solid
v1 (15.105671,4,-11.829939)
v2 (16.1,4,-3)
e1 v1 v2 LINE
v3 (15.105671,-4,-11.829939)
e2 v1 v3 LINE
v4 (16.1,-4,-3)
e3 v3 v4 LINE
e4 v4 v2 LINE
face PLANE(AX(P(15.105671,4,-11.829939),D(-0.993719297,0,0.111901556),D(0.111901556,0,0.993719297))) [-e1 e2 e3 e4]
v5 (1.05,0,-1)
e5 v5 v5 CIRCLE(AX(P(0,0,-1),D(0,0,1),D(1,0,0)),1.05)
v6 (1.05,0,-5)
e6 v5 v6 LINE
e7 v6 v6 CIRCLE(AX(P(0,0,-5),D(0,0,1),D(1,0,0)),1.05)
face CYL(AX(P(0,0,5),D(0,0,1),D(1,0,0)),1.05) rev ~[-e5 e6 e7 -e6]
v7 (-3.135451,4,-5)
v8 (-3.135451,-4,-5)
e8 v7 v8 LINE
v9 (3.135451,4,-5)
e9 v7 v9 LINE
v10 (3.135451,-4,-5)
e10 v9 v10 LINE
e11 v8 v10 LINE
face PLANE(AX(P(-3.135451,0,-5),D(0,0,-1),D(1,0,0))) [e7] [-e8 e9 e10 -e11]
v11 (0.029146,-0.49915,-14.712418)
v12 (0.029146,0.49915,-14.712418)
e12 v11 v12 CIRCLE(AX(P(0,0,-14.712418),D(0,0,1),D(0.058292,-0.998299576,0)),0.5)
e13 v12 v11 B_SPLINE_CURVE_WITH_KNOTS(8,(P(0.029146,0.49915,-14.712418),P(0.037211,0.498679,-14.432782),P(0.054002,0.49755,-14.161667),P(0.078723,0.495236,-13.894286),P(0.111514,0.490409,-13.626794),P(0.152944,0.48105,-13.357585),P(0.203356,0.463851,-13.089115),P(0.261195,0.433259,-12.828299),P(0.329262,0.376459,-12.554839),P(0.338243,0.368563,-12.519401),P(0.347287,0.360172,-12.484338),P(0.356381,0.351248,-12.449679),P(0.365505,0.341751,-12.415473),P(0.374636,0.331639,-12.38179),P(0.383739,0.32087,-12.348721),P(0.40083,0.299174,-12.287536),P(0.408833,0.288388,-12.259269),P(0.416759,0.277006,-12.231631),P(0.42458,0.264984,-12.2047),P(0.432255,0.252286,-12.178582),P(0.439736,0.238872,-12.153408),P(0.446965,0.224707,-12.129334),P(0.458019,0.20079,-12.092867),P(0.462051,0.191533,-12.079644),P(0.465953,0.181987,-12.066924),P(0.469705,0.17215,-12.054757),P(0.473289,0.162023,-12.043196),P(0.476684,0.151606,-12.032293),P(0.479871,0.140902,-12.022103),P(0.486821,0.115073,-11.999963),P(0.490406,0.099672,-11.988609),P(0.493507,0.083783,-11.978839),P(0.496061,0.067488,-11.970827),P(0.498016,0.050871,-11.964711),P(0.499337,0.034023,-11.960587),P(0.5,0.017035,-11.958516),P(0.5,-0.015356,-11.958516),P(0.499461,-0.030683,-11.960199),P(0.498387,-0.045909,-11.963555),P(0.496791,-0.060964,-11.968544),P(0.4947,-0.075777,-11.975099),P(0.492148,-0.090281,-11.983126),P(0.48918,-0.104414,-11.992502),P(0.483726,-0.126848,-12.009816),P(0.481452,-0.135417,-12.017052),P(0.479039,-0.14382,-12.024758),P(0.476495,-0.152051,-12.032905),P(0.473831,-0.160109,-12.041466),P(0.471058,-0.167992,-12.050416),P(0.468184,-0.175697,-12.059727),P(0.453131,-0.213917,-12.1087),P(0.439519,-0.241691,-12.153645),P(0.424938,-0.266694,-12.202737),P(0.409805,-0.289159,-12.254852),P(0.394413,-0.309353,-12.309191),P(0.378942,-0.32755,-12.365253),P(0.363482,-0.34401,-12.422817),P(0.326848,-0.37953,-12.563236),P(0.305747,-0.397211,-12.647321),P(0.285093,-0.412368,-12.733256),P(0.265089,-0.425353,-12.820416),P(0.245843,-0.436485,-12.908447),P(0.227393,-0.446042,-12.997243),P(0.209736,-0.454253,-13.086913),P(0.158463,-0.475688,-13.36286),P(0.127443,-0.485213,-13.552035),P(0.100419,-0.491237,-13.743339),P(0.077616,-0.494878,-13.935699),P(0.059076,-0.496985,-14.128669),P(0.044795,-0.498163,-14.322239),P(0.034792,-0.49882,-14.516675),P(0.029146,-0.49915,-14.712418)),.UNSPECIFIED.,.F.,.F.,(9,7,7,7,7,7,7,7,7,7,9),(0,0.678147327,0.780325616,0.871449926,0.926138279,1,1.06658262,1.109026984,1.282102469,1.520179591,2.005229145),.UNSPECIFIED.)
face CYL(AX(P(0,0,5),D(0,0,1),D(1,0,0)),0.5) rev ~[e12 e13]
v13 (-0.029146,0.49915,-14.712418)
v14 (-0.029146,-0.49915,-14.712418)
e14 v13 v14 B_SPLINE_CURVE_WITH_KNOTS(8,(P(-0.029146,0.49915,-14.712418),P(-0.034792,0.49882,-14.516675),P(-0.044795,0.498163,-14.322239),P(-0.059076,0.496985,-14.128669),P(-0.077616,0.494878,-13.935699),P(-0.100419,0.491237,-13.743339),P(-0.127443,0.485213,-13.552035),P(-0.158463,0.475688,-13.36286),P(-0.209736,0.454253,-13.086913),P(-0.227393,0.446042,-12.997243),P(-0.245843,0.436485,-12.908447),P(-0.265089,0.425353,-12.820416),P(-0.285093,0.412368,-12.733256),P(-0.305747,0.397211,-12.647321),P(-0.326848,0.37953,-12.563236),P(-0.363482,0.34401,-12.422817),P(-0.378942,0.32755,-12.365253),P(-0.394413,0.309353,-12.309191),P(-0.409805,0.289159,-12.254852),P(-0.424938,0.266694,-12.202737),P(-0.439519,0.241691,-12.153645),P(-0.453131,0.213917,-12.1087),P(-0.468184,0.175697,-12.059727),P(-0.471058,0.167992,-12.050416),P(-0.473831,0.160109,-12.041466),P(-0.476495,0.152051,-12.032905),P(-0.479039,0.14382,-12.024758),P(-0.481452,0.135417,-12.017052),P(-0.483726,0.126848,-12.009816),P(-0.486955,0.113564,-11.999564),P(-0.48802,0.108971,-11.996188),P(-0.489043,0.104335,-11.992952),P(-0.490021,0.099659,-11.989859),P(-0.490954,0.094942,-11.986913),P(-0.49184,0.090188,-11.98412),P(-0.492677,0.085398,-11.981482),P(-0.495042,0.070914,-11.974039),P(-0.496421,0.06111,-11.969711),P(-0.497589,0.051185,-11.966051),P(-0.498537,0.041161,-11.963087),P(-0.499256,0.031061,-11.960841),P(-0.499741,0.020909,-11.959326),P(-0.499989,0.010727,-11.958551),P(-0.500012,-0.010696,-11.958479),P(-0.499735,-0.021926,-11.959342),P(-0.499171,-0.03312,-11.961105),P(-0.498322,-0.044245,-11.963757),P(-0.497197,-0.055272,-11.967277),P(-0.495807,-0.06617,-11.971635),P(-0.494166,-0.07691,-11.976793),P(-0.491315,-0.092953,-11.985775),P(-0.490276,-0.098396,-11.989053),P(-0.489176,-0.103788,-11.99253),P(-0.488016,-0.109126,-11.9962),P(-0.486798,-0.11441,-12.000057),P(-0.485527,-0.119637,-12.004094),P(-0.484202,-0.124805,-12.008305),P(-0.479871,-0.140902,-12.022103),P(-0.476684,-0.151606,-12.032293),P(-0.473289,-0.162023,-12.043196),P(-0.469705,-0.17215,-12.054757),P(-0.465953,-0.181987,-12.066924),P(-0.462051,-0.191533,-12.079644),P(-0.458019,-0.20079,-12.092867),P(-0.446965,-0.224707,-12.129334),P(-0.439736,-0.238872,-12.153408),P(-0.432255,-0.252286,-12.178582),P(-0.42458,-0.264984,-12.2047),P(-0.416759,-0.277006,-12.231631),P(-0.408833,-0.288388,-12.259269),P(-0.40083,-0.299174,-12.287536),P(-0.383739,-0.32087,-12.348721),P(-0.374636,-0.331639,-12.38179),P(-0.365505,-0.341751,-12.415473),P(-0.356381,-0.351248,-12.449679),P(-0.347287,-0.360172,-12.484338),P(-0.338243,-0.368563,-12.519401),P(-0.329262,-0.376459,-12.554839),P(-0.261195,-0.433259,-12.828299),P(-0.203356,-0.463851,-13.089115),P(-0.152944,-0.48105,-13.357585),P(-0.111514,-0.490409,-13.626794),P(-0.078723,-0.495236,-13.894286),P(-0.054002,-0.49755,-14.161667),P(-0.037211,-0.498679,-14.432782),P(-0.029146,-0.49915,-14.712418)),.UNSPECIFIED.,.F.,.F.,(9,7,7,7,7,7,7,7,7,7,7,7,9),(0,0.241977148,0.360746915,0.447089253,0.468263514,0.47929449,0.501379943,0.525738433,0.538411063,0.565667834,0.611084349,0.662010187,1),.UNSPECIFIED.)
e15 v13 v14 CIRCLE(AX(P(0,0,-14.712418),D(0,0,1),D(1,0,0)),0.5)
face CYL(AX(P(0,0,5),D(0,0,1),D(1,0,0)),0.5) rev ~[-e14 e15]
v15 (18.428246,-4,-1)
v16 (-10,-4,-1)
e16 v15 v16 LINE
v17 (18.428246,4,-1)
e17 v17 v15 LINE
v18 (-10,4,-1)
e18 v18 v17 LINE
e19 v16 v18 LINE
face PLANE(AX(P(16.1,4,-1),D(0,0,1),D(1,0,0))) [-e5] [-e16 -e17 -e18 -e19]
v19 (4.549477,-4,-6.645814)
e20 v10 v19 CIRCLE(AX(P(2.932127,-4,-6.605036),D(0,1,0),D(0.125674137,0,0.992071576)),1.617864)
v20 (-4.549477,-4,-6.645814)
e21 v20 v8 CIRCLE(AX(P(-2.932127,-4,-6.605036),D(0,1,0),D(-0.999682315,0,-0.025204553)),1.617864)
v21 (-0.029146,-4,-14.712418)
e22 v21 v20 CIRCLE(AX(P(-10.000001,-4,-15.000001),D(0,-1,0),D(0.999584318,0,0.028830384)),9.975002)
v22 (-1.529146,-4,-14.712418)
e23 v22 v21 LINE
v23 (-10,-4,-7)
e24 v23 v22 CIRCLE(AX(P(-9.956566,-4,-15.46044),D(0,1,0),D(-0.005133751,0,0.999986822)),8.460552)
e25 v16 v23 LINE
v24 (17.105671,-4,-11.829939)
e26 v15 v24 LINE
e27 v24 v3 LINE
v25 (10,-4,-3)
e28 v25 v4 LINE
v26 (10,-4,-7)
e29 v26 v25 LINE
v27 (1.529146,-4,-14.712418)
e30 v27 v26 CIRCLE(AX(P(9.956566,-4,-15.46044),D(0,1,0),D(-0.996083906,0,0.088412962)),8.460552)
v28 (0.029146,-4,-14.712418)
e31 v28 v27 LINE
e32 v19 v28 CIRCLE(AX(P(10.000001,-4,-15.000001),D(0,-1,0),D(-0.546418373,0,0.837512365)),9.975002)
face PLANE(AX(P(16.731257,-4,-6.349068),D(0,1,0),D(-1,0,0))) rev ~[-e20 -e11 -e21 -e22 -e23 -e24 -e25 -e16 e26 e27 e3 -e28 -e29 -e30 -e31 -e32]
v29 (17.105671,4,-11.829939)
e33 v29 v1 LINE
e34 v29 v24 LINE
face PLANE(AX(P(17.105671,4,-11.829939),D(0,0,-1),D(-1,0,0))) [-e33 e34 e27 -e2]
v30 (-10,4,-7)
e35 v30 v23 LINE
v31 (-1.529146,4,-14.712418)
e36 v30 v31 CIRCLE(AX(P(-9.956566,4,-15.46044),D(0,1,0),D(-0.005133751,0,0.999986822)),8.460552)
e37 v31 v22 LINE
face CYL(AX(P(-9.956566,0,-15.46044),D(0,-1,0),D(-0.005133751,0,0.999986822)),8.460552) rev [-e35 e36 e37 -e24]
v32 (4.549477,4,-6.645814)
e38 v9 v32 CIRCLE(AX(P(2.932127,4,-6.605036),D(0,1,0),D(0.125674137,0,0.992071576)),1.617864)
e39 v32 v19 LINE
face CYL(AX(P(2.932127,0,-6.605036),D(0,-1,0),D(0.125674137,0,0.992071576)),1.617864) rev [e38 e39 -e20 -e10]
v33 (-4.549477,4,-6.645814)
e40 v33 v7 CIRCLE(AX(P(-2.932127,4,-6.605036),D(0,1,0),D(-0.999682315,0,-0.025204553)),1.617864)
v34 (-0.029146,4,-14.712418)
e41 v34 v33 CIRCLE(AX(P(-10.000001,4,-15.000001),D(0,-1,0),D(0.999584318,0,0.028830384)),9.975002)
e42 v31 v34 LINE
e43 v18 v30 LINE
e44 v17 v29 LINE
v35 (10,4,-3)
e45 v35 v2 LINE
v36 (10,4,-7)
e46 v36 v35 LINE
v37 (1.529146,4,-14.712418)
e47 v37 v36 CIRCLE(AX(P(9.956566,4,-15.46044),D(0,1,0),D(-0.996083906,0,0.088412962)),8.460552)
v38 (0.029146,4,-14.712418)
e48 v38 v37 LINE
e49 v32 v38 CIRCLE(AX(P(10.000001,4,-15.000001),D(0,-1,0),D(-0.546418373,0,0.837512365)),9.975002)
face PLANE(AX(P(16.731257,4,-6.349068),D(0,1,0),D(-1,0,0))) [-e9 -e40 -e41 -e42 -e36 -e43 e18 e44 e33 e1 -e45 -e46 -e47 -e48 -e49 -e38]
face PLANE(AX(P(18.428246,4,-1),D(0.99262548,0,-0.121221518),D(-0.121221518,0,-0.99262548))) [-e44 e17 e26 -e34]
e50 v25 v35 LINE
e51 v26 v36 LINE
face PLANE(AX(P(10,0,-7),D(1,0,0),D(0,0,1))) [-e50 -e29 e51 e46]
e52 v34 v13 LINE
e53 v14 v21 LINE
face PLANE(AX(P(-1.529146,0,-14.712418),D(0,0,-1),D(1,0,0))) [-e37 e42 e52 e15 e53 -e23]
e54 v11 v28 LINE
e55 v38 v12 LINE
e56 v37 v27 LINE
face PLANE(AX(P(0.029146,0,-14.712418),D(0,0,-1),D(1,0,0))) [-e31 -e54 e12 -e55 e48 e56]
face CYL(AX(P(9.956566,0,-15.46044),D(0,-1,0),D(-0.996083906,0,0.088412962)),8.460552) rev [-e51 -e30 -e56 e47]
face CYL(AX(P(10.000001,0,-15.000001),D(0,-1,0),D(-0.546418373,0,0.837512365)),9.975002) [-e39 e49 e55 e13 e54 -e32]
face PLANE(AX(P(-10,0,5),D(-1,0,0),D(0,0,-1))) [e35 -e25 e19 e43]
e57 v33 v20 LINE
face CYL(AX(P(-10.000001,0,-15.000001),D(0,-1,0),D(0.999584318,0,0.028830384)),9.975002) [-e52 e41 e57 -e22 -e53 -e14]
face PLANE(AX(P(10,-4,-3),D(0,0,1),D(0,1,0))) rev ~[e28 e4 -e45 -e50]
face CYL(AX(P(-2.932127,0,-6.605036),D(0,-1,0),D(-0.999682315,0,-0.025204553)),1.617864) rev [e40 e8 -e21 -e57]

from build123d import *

# Parameters (mm, degrees)
F1_DEPTH = 4
F2_R     = 0.5
F3_DEPTH = 25
F2_R_2   = 1.05
F4_DEPTH = 10
F2_W     = 20
F2_H     = 8
F5_DEPTH = 6
F6_W     = 8
F6_H     = 2
F7_DEPTH = 6.1
F9_DEPTH = 8


with BuildPart() as f1:
    # F0 (on Front) → F1 (new body, symmetric)
    with BuildSketch(Plane.XZ):
        Polygon((-10, 5), (-10, -5), (-3.135451, -5), (3.135451, -5), (10, -5), (10, 5), align=None)
        with BuildLine():
            Line((10, -5), (3.135451, -5))
            ThreePointArc((3.135451, -5), (4.159274, -5.550715), (4.549477, -6.645814))
            ThreePointArc((4.549477, -6.645814), (1.298147, -10.123692), (0.029146, -14.712418))
            Line((0.029146, -14.712418), (1.529146, -14.712418))
            ThreePointArc((1.529146, -14.712418), (4.260677, -9.20442), (10, -7))
            Line((10, -7), (10, -5))
        make_face()
        with BuildLine():
            Line((-3.135451, -5), (-10, -5))
            Line((-10, -5), (-10, -7))
            ThreePointArc((-10, -7), (-4.260677, -9.20442), (-1.529146, -14.712418))
            Line((-1.529146, -14.712418), (-0.029146, -14.712418))
            ThreePointArc((-0.029146, -14.712418), (-1.298147, -10.123692), (-4.549477, -6.645814))
            ThreePointArc((-4.549477, -6.645814), (-4.159274, -5.550715), (-3.135451, -5))
        make_face()
    extrude(amount=F1_DEPTH, both=True)

    # F2 (on face) → F3 (cut)
    with BuildSketch(Plane.XY.offset(5)):
        Circle(F2_R)
    extrude(amount=-F3_DEPTH, mode=Mode.SUBTRACT)

    # F2 (on face) → F4 (cut)
    with BuildSketch(Plane.XY.offset(5)):
        Circle(F2_R_2)
        Circle(F2_R, mode=Mode.SUBTRACT)
    extrude(amount=-F4_DEPTH, mode=Mode.SUBTRACT)

    # F2 (on face) → F5 (cut)
    with BuildSketch(Plane.XY.offset(5)):
        Rectangle(F2_W, F2_H)
        Circle(F2_R_2, mode=Mode.SUBTRACT)
    extrude(amount=-F5_DEPTH, mode=Mode.SUBTRACT)

    # F6 (on face) → F7 (join)
    with BuildSketch(Plane.YZ.offset(10)):
        with Locations((0, -2)):
            Rectangle(F6_W, F6_H)
    extrude(amount=F7_DEPTH)

    # F8 (on face) → F9 (join)
    with BuildSketch(Plane(origin=(0, 4, 0), x_dir=(-1, 0, 0), z_dir=(0, 1, 0))):
        Polygon((-15.105671, -11.829939), (-16.1, -3), (-16.1, -1), (-18.428246, -1), (-17.105671, -11.829939), align=None)
    extrude(amount=-F9_DEPTH)


solid = f1.part
